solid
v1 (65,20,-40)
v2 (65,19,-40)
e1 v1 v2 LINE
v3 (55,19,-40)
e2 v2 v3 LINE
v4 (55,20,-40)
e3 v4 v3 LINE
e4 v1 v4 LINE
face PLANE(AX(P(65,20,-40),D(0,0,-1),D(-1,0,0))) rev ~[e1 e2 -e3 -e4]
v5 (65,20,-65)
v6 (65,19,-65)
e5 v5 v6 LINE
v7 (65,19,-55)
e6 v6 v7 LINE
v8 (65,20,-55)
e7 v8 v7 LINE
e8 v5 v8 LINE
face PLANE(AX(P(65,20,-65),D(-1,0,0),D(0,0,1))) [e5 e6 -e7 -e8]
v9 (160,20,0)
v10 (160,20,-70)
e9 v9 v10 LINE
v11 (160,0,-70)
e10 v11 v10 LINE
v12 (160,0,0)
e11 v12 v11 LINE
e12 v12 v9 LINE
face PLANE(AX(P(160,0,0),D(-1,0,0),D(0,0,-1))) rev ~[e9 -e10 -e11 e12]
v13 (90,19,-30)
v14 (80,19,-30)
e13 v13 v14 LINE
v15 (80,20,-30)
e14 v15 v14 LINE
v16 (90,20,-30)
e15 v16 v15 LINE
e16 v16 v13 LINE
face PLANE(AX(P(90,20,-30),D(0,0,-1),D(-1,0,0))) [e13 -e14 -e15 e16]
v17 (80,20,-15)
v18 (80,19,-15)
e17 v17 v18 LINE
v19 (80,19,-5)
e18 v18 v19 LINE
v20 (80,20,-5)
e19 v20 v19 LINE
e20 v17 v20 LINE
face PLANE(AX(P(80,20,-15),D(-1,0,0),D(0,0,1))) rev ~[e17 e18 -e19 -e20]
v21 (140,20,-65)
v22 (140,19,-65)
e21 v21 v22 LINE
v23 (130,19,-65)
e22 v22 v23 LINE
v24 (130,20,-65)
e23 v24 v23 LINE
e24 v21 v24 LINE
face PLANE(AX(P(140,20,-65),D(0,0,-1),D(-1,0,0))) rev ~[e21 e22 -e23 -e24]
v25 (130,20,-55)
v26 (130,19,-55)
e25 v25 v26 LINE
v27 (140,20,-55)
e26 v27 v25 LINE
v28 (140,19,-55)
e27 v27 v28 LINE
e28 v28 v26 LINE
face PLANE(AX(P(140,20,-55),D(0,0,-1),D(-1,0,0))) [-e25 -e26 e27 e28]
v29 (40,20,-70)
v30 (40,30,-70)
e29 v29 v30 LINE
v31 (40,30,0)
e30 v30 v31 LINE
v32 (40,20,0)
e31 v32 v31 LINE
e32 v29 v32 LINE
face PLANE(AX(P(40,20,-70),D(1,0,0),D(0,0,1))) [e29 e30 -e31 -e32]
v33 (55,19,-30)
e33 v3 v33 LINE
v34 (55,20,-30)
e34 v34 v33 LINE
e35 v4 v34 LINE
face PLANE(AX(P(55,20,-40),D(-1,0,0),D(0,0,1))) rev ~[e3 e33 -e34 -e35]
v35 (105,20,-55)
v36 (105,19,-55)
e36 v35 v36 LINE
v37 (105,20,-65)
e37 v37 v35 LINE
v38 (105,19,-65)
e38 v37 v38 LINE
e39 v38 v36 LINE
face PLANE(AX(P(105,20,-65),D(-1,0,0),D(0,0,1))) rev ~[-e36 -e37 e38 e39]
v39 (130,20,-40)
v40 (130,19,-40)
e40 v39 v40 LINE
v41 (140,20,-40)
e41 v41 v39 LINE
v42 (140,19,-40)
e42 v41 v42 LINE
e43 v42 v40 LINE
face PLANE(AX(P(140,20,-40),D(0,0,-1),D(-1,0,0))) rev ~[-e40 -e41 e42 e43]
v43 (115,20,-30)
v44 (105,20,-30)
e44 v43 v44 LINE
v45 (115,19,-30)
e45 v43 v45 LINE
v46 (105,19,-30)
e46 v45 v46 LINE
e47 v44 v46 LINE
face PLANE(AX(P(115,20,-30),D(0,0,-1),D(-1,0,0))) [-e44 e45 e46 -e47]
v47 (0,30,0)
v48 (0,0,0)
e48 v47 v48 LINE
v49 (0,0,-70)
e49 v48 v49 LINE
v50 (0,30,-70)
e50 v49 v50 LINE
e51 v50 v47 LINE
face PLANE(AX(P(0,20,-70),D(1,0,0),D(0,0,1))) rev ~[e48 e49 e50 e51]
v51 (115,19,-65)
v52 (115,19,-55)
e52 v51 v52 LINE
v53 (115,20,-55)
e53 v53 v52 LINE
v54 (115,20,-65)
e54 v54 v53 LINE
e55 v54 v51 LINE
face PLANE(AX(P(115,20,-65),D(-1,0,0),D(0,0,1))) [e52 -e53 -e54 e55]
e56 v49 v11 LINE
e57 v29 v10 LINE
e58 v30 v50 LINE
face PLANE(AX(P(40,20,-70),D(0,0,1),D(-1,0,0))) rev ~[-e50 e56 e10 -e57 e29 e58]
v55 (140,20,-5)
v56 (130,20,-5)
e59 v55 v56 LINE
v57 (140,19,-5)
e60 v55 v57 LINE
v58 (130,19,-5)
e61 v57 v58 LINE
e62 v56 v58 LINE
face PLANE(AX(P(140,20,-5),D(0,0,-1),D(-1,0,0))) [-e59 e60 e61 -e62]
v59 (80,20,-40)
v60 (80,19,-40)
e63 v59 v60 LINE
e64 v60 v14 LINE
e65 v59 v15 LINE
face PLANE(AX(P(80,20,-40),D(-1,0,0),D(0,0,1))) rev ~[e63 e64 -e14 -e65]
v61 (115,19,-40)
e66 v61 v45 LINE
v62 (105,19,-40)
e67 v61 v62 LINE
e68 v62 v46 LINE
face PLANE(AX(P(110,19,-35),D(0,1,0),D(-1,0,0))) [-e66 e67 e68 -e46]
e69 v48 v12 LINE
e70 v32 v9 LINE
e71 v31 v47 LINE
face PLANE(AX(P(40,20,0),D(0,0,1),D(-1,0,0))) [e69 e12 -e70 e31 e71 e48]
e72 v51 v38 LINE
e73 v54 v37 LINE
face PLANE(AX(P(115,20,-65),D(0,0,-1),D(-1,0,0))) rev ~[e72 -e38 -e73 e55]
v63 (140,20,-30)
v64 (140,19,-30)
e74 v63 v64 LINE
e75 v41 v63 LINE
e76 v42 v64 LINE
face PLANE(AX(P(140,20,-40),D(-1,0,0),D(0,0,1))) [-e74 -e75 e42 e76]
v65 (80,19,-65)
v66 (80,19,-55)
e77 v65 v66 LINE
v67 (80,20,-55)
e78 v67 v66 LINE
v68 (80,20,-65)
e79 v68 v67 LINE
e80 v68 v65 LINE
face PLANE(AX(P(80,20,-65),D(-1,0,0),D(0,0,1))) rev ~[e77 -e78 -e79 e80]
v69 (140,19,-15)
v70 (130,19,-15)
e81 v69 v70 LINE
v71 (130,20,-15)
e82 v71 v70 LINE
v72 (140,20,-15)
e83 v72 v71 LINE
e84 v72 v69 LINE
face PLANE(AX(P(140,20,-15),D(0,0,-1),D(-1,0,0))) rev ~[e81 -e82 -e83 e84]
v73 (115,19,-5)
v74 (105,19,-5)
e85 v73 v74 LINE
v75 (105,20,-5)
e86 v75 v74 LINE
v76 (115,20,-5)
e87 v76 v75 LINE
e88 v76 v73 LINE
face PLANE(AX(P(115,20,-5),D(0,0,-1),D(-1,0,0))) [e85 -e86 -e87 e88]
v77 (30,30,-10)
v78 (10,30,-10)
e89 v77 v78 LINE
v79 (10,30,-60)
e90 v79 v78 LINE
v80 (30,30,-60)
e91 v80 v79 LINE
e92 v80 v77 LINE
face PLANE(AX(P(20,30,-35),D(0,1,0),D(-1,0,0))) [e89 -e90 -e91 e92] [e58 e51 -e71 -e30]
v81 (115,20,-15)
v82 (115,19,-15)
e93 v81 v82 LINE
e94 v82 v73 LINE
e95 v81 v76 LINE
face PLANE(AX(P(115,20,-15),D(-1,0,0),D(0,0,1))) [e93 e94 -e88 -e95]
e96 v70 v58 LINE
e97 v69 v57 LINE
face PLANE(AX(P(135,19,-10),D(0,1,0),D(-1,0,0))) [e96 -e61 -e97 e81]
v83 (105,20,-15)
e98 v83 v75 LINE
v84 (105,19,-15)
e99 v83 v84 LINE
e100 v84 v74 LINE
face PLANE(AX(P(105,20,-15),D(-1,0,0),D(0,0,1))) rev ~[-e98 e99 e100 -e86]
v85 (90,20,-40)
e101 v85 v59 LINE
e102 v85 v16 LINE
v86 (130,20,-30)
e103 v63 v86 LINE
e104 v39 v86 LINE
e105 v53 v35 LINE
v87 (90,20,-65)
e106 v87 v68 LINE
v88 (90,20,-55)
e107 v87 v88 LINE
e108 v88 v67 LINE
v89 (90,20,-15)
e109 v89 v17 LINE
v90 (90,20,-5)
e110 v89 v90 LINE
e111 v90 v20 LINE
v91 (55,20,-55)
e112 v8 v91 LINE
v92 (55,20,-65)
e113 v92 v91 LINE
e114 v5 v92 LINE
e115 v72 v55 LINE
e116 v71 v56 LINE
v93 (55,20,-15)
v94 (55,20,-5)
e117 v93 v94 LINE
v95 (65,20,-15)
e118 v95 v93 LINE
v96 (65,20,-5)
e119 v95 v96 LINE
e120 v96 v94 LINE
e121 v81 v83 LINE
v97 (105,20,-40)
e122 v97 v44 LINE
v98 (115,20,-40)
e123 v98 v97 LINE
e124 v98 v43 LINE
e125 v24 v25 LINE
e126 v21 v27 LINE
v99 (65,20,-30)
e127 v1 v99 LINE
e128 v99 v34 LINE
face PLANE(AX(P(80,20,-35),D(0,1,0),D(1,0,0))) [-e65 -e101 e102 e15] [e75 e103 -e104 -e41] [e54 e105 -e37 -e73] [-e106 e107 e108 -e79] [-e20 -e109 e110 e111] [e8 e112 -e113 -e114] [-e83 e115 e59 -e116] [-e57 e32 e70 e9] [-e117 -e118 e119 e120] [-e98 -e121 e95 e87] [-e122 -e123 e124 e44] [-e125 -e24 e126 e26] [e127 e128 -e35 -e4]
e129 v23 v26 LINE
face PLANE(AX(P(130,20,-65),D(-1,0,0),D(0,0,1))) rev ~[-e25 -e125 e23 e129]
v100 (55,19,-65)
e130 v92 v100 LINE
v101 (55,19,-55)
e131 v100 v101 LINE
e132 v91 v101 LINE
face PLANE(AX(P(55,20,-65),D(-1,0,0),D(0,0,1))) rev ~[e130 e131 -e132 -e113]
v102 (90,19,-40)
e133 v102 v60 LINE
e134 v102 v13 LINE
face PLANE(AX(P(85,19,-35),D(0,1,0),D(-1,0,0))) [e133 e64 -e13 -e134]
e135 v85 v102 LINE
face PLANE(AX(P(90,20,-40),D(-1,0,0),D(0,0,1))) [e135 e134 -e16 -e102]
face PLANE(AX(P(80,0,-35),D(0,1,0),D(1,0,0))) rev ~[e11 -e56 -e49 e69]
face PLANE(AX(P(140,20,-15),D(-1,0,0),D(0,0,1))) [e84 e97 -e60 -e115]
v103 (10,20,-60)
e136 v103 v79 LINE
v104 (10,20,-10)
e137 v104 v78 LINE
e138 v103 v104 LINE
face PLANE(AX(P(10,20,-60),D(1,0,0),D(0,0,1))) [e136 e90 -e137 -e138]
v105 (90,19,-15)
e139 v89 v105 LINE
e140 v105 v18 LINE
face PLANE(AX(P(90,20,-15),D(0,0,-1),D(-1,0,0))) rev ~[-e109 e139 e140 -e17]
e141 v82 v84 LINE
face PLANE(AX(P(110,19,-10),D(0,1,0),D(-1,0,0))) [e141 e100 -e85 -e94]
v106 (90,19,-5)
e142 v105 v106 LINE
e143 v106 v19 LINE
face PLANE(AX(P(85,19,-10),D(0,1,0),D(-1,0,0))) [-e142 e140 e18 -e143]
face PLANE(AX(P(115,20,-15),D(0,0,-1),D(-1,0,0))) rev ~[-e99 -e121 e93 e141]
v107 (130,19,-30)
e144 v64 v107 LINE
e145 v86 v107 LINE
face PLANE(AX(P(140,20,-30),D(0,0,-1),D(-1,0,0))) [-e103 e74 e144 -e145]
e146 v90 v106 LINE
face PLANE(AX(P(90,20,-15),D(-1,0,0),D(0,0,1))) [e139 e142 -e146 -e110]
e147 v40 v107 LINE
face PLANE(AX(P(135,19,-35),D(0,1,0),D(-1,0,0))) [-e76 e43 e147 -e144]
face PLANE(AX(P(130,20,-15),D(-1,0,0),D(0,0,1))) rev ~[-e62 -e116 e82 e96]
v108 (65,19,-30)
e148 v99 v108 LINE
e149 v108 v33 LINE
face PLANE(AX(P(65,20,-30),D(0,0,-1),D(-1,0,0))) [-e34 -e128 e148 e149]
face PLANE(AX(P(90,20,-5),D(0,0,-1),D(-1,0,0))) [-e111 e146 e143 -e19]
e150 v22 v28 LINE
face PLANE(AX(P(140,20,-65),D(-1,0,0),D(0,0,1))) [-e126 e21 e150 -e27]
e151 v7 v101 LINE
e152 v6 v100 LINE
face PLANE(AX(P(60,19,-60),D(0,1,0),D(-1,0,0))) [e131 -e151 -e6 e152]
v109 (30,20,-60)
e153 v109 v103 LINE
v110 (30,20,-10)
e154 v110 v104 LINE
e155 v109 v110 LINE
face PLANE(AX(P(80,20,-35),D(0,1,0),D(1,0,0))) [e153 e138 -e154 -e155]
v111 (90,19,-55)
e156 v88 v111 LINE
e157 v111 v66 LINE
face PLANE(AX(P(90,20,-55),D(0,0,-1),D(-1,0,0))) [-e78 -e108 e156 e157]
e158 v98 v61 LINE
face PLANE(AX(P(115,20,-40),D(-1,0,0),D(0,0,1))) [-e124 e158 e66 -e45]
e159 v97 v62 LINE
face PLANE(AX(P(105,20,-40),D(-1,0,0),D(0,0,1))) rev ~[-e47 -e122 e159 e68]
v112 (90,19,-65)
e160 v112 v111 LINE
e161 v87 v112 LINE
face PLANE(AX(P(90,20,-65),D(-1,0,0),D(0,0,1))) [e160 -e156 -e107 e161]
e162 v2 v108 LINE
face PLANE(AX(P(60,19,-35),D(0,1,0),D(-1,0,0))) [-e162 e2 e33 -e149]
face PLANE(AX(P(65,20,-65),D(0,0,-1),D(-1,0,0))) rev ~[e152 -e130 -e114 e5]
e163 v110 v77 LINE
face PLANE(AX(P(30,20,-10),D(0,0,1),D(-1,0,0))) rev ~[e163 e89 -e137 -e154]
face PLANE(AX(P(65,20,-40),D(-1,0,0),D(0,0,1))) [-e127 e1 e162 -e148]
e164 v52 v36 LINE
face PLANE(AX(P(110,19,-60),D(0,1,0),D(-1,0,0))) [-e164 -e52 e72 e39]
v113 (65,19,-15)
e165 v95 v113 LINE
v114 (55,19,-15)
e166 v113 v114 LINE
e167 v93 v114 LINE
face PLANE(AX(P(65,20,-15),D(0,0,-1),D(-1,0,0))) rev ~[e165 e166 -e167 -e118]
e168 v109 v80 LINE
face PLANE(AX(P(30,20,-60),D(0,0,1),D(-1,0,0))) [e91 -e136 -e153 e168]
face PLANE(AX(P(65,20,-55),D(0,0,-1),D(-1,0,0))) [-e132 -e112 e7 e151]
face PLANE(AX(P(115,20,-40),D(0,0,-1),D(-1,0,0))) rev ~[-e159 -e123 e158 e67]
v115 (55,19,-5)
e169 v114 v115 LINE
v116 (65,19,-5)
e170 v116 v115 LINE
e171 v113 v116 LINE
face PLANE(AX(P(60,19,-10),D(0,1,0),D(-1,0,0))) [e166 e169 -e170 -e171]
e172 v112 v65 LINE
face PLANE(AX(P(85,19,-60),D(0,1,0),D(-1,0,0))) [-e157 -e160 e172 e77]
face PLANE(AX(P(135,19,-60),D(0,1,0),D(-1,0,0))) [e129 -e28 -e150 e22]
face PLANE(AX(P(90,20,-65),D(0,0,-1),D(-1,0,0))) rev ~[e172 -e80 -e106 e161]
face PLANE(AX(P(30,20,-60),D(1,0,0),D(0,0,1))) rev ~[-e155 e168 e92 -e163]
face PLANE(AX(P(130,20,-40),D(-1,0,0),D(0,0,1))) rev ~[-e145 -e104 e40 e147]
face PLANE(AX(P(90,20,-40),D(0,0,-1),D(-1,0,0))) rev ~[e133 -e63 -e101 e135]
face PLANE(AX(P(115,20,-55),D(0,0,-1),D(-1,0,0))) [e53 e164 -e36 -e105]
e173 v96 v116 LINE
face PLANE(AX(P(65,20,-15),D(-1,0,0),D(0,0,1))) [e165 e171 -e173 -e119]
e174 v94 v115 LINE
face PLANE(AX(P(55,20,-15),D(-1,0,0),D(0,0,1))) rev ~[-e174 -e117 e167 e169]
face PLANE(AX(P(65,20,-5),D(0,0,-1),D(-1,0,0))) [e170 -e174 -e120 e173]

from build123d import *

# Parameters (mm, degrees)
SKETCH1_W          = 160
SKETCH1_H          = 70
EXTRUDE1_DEPTH     = 20
SKETCH2_W          = 40
SKETCH2_H          = 70
SKETCH2_W_2        = 20
SKETCH2_H_2        = 50
EXTRUDE2_DEPTH     = 10
SKETCH3_W          = 10
SKETCH3_H          = 10
CUT_EXTRUDE1_DEPTH = 1


with BuildPart() as part:
    # Sketch1 → Extrude1 (new body)
    with BuildSketch(Plane(origin=(0, 0, 0), x_dir=(1, 0, 0), z_dir=(0, 1, 0))):
        with Locations((80, 35)):
            Rectangle(SKETCH1_W, SKETCH1_H)
    extrude(amount=EXTRUDE1_DEPTH)

    # Sketch2 → Extrude2 (add)
    with BuildSketch(Plane(origin=(0, 20, 0), x_dir=(-1, 0, 0), z_dir=(0, 1, 0))):
        with Locations((-20, -35)):
            Rectangle(SKETCH2_W, SKETCH2_H)
        with Locations((-20, -35)):
            Rectangle(SKETCH2_W_2, SKETCH2_H_2, mode=Mode.SUBTRACT)
    extrude(amount=EXTRUDE2_DEPTH)

    # Sketch3 → Cut-Extrude1 (cut)
    with BuildSketch(Plane(origin=(0, 20, 0), x_dir=(-1, 0, 0), z_dir=(0, 1, 0))):
        with Locations((-110, -60)):
            Rectangle(SKETCH3_W, SKETCH3_H)
        with Locations((-110, -35)):
            Rectangle(SKETCH3_W, SKETCH3_H)
        with Locations((-135, -35)):
            Rectangle(SKETCH3_W, SKETCH3_H)
        with Locations((-60, -60)):
            Rectangle(SKETCH3_W, SKETCH3_H)
        with Locations((-60, -10)):
            Rectangle(SKETCH3_W, SKETCH3_H)
        with Locations((-135, -60)):
            Rectangle(SKETCH3_W, SKETCH3_H)
        with Locations((-135, -10)):
            Rectangle(SKETCH3_W, SKETCH3_H)
        with Locations((-110, -10)):
            Rectangle(SKETCH3_W, SKETCH3_H)
        with Locations((-85, -10)):
            Rectangle(SKETCH3_W, SKETCH3_H)
        with Locations((-85, -60)):
            Rectangle(SKETCH3_W, SKETCH3_H)
        with Locations((-60, -35)):
            Rectangle(SKETCH3_W, SKETCH3_H)
        with Locations((-85, -35)):
            Rectangle(SKETCH3_W, SKETCH3_H)
    extrude(amount=-CUT_EXTRUDE1_DEPTH, mode=Mode.SUBTRACT)


solid = part.part
